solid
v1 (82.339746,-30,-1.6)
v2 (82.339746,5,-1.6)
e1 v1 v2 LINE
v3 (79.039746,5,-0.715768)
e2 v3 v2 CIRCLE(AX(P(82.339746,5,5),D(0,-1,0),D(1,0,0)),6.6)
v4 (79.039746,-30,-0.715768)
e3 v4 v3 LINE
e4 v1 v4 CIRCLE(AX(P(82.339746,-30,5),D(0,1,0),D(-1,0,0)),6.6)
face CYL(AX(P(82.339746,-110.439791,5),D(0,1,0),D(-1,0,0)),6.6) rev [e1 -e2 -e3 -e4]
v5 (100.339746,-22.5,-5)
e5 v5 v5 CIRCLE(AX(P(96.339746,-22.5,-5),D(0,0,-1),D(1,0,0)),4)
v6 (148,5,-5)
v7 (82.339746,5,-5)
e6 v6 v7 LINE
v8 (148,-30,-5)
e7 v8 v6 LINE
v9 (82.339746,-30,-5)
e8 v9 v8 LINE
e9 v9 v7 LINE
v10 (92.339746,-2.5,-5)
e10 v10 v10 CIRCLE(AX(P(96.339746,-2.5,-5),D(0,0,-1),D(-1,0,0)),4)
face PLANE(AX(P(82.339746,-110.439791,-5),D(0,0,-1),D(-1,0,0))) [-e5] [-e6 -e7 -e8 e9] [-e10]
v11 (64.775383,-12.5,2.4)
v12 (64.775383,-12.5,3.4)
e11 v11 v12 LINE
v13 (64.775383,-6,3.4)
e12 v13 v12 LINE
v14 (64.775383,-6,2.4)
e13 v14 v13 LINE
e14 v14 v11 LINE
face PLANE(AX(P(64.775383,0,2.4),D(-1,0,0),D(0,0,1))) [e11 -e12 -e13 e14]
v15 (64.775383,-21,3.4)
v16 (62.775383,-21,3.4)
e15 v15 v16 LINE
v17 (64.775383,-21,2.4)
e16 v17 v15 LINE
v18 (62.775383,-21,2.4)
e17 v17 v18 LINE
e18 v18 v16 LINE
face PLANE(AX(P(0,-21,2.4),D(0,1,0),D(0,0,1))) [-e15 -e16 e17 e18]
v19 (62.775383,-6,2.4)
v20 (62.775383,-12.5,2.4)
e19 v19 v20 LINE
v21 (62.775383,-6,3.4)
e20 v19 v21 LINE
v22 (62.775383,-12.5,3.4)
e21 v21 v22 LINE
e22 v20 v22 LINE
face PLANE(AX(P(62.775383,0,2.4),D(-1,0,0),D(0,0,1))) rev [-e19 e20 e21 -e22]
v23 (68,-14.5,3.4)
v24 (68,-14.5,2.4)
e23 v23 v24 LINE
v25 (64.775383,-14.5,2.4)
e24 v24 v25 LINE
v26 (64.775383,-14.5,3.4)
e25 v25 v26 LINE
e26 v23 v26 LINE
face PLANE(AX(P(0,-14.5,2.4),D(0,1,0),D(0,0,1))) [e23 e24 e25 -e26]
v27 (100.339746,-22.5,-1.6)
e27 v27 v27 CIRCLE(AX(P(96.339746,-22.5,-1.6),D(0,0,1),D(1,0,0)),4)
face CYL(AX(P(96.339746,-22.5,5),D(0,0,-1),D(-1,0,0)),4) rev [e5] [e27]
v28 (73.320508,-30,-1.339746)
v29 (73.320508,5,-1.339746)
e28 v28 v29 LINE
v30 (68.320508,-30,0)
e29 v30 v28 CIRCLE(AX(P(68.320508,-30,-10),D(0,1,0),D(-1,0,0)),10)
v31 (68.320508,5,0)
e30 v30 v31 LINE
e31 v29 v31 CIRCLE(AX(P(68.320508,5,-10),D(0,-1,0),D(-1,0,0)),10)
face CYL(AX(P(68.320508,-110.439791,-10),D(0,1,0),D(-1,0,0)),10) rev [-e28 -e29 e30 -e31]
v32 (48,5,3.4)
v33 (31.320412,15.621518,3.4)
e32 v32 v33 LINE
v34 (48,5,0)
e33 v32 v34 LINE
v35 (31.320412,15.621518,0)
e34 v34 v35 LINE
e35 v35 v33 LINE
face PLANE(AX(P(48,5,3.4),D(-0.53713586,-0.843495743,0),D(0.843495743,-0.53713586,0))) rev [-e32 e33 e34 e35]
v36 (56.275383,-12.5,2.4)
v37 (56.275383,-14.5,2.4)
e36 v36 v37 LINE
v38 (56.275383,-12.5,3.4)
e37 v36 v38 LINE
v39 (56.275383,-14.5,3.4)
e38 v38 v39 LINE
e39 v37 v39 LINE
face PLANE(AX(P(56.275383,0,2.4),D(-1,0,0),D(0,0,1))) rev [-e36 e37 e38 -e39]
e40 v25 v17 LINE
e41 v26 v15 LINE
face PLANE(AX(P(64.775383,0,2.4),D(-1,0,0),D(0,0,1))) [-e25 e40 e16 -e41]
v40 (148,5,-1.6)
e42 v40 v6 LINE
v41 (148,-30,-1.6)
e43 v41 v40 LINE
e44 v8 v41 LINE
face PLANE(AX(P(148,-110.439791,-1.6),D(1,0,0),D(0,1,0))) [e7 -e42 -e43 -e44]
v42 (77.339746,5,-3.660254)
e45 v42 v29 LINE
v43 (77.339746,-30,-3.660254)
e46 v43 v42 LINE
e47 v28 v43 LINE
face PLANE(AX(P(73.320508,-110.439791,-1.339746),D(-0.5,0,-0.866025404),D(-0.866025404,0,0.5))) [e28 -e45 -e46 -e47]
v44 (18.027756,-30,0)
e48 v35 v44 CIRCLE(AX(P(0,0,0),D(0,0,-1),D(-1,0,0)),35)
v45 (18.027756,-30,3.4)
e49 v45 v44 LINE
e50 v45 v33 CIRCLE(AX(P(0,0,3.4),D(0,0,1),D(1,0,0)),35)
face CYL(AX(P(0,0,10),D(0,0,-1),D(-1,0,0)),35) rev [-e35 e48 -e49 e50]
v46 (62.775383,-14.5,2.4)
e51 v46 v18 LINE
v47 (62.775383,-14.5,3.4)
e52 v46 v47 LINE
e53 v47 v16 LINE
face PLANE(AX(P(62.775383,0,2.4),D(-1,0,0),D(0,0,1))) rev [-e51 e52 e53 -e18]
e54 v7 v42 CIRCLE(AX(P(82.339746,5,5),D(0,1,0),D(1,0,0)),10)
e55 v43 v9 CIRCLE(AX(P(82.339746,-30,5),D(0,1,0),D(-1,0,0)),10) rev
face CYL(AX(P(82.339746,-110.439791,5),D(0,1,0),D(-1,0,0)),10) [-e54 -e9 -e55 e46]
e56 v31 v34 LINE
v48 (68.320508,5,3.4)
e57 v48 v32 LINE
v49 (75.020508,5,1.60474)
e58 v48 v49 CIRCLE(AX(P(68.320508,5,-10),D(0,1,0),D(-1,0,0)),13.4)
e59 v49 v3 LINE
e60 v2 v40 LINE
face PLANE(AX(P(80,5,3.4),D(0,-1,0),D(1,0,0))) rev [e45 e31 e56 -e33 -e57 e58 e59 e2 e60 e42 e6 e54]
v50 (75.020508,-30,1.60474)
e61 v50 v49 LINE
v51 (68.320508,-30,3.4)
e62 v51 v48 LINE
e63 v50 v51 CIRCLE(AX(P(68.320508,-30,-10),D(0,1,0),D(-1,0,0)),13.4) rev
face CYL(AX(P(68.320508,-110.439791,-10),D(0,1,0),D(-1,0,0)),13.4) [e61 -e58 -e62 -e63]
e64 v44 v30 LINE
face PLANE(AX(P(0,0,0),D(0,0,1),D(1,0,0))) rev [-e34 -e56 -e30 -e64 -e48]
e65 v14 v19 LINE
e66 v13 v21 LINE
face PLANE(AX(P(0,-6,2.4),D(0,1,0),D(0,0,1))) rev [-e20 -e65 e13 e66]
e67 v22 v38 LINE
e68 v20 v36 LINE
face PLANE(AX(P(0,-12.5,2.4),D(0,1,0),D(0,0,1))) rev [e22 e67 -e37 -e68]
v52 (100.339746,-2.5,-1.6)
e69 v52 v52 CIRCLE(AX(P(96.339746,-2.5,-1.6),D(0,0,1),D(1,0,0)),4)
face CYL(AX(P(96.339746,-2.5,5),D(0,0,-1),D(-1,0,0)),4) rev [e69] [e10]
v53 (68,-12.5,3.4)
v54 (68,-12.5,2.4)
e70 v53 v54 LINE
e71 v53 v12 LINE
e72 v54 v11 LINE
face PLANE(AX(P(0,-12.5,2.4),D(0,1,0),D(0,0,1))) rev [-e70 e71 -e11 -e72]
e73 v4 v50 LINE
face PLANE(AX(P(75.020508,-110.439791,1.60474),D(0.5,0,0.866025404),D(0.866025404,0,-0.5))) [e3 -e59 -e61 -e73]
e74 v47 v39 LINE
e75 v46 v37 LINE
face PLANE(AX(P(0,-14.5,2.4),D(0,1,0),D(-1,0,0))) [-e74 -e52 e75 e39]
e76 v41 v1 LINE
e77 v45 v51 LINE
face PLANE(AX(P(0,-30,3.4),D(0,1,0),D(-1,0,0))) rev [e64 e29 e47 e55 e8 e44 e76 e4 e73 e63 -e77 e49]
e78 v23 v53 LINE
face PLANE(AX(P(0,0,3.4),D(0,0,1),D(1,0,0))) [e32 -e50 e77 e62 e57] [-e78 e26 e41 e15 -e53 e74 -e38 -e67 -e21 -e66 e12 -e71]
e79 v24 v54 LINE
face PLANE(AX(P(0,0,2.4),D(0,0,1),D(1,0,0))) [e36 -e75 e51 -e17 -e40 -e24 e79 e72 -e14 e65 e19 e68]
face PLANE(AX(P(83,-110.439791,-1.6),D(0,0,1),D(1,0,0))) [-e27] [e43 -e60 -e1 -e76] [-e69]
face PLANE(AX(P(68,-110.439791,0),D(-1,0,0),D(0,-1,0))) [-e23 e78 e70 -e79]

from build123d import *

# Parameters (mm, degrees)
BOSS_EXTRUDE1_DEPTH = 3.4
SKETCH3_R           = 5
CUT_EXTRUDE1_DEPTH  = 6
CUT_EXTRUDE2_DEPTH  = 10
SKETCH6_R           = 35
CUT_EXTRUDE3_DEPTH  = 10
CUT_EXTRUDE4_DEPTH  = 1
CUT_EXTRUDE5_REACH  = 87.508
SKETCH8_W           = 12
SKETCH8_H           = 35
BOSS_EXTRUDE2_DEPTH = 35
SKETCH10_R          = 4
CUT_EXTRUDE6_DEPTH  = 10


with BuildPart() as part:
    # Sketch1 → Boss-Extrude1 (new body)
    with BuildSketch(Plane.XY):
        with BuildLine():
            Line((0, -30), (80, -30))
            Line((80, -30), (80, 5))
            Line((80, 5), (48, 5))
            Line((48, 5), (16.114075804, 25.304872277))
            ThreePointArc((16.114075804, 25.304872277), (-28.802310396, 8.392074585), (0, -30))
        make_face()
    extrude(amount=BOSS_EXTRUDE1_DEPTH)

    # Sketch3 → Cut-Extrude1 (cut)
    with BuildSketch(Plane.XY.offset(3.4)):
        Circle(SKETCH3_R)
    extrude(amount=-CUT_EXTRUDE1_DEPTH, mode=Mode.SUBTRACT)

    # Sketch5 → Cut-Extrude2 (cut)
    with BuildSketch(Plane.XY.offset(3.4)):
        with BuildLine():
            ThreePointArc((0, 10), (-8.660254038, 5), (-8.660254038, -5))
            ThreePointArc((-8.660254038, -5), (-10.124355653, -10.464101615), (-15.588457268, -9))
            ThreePointArc((-15.588457268, -9), (-15.588457268, 9), (0, 18))
            ThreePointArc((0, 18), (4, 14), (0, 10))
        make_face()
    extrude(amount=-CUT_EXTRUDE2_DEPTH, mode=Mode.SUBTRACT)

    # Sketch6 → Cut-Extrude3 (cut)
    with BuildSketch(Plane(origin=(0, 0, 0), x_dir=(-1, 0, 0), z_dir=(0, 0, -1))):
        Circle(SKETCH6_R)
    extrude(amount=-CUT_EXTRUDE3_DEPTH, mode=Mode.SUBTRACT)

    # Sketch7 → Cut-Extrude4 (cut)
    with BuildSketch(Plane.XY.offset(3.4)):
        Polygon((62.77538264, -14.5), (62.77538264, -21), (64.77538264, -21), (64.77538264, -14.5), (71.27538264, -14.5), (71.27538264, -12.5), (64.77538264, -12.5), (64.77538264, -6), (62.77538264, -6), (62.77538264, -12.5), (56.27538264, -12.5), (56.27538264, -14.5), align=None)
    extrude(amount=-CUT_EXTRUDE4_DEPTH, mode=Mode.SUBTRACT)

    # Sketch8 → Cut-Extrude5 (cut, up to next)
    with BuildSketch(Plane(origin=(0, 0, 0), x_dir=(-1, 0, 0), z_dir=(0, 0, -1)), mode=Mode.PRIVATE) as cut_extrude5_sk1:
        with Locations((-74, -12.5)):
            Rectangle(SKETCH8_W, SKETCH8_H)
    cut_extrude5_tool1 = extrude(cut_extrude5_sk1.sketch, amount=-CUT_EXTRUDE5_REACH, mode=Mode.PRIVATE) & part.part
    add(cut_extrude5_tool1.solids().sort_by_distance((74, -12.5, 0))[0], mode=Mode.SUBTRACT)

    # Sketch9 → Boss-Extrude2 (add)
    with BuildSketch(Plane(origin=(0, 5, 0), x_dir=(1, 0, 0), z_dir=(0, 1, 0))):
        with BuildLine():
            Line((68, 0), (68.320508076, 0))
            ThreePointArc((68.320508076, 0), (70.908698527, 0.340741737), (73.320508076, 1.339745962))
            Line((73.320508076, 1.339745962), (77.339745962, 3.660254038))
            ThreePointArc((77.339745962, 3.660254038), (79.751555511, 4.659258263), (82.339745962, 5))
            Line((82.339745962, 5), (83, 5))
            Line((83, 5), (148, 5))
            Line((148, 5), (148, 1.6))
            Line((148, 1.6), (83, 1.6))
            Line((83, 1.6), (82.339745962, 1.6))
            ThreePointArc((82.339745962, 1.6), (80.631540264, 1.375110454), (79.039745962, 0.715767665))
            Line((79.039745962, 0.715767665), (75.020508076, -1.604740411))
            ThreePointArc((75.020508076, -1.604740411), (71.78868328, -2.943406072), (68.320508076, -3.4))
            Line((68.320508076, -3.4), (68, -3.4))
            Line((68, -3.4), (68, 0))
        make_face()
    extrude(amount=-BOSS_EXTRUDE2_DEPTH)

    # Sketch10 → Cut-Extrude6 (cut)
    with BuildSketch(Plane(origin=(0, 0, -5), x_dir=(-1, 0, 0), z_dir=(0, 0, -1))):
        with Locations((-96.339745962, -2.5)):
            Circle(SKETCH10_R)
        with Locations(Location((-96.339745962, -22.5, 0), (0, 0, 180))):
            Circle(SKETCH10_R)
    extrude(amount=-CUT_EXTRUDE6_DEPTH, mode=Mode.SUBTRACT)


solid = part.part
